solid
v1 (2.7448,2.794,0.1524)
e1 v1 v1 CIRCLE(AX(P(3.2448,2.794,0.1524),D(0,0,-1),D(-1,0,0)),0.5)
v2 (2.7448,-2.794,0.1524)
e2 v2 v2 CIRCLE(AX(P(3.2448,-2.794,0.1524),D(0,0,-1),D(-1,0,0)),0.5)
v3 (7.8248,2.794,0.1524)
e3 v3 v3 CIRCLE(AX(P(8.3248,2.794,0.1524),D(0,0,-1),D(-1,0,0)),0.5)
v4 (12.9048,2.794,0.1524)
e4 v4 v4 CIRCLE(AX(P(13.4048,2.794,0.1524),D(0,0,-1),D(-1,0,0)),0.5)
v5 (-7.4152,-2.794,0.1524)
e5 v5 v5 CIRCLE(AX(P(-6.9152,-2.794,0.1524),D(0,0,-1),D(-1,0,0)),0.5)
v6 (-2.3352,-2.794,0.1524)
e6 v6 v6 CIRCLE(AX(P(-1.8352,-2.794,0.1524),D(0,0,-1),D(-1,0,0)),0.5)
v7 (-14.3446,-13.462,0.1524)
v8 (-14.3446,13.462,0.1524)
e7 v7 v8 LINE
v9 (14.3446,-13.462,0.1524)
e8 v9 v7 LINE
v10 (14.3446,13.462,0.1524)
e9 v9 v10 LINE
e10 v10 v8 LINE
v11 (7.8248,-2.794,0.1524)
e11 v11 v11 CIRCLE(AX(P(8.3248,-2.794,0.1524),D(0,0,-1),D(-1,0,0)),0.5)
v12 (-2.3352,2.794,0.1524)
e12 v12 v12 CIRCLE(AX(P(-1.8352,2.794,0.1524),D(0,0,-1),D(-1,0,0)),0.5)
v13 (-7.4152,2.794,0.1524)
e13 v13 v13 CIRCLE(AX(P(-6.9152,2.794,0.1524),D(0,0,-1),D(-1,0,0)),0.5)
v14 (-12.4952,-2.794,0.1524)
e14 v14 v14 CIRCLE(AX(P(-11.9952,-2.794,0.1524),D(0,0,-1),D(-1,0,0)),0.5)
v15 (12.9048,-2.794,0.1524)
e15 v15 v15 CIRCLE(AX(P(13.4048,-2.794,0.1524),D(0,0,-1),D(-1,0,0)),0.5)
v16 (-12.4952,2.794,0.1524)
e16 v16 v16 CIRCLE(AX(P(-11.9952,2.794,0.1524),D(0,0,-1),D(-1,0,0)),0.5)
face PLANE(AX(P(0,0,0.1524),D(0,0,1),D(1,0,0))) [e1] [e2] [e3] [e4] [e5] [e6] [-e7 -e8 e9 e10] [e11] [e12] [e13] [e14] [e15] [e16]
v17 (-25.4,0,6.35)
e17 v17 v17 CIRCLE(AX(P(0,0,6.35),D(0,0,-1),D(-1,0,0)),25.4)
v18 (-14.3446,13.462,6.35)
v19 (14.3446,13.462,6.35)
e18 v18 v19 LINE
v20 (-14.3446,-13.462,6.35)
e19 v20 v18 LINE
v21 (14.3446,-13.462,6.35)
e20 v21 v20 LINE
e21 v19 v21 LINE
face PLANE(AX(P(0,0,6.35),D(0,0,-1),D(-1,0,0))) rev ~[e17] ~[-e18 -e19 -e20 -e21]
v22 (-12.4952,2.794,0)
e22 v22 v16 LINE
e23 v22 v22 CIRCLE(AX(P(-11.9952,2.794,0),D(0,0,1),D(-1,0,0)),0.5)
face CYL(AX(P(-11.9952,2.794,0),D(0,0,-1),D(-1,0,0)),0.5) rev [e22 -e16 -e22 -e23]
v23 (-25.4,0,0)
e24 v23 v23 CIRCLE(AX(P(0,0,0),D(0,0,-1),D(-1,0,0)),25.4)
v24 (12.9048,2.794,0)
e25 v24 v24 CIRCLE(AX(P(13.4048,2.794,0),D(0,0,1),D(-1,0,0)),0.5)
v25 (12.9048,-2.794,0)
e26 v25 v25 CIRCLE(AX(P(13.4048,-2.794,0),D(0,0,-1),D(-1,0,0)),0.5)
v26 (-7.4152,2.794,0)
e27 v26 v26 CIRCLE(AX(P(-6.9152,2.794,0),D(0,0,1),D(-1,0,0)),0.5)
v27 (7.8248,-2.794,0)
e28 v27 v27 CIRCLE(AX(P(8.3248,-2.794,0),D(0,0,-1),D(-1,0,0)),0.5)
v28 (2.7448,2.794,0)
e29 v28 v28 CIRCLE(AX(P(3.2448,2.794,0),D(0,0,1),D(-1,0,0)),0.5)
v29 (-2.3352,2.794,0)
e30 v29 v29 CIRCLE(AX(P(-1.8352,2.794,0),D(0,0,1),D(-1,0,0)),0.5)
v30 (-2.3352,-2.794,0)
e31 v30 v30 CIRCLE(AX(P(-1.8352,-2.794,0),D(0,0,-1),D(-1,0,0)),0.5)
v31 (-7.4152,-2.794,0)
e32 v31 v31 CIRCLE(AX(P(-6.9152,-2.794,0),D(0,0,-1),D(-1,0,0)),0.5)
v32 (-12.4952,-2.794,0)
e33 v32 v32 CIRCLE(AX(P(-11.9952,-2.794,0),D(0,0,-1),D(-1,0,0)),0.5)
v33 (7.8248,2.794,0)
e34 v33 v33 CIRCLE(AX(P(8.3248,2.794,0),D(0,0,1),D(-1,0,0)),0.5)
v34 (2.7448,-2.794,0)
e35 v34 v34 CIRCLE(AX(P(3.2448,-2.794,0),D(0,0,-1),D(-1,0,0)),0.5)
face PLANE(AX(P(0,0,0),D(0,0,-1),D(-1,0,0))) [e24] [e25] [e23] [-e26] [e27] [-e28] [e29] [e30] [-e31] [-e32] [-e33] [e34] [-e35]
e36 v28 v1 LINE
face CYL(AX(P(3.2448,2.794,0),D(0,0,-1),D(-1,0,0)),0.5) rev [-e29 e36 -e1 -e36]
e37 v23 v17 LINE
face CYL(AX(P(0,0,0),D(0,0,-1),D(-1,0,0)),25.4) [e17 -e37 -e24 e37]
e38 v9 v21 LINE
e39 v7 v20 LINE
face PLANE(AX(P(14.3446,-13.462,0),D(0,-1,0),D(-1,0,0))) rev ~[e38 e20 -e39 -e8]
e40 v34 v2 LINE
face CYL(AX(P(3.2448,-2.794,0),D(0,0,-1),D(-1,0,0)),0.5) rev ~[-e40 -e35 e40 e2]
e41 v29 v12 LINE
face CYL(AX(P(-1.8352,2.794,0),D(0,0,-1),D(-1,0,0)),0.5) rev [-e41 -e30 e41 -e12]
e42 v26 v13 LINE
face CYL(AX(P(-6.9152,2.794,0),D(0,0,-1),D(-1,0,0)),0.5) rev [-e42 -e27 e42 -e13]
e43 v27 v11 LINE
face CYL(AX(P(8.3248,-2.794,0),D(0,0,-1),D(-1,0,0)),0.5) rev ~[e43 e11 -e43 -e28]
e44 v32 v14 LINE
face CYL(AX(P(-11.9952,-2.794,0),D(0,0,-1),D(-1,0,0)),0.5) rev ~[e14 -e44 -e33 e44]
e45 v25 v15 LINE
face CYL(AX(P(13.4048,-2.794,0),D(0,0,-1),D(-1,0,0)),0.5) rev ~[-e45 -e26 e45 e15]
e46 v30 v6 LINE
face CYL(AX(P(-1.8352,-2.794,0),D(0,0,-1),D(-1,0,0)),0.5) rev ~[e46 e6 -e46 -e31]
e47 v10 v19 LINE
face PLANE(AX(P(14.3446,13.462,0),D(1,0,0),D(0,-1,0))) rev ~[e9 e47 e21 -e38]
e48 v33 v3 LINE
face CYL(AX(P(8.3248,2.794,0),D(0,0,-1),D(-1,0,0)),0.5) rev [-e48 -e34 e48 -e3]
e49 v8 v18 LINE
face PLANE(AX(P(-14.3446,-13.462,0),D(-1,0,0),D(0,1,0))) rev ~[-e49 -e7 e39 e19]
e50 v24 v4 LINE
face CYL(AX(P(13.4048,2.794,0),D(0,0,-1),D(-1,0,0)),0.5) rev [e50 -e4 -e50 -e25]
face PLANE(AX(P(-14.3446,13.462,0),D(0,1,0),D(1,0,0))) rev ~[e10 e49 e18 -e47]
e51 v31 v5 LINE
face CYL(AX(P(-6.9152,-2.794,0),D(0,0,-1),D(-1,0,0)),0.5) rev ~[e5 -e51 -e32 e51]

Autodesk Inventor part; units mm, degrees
ref_plane "YZ Plane" through (0, 0, 0) normal (1, 0, 0) x (0, 1, 0)
ref_plane "XZ Plane" through (0, 0, 0) normal (0, 1, 0) x (-1, 0, 0)
ref_plane "XY Plane" through (0, 0, 0) normal (0, 0, 1) x (1, 0, 0)
sketch "Sketch1" plane through (0, 0, 0) normal (0, 0, 1) x (1, 0, 0)
  line L0 (-14.3446, 13.462) -> (14.3446, 13.462)
  line L1 (14.3446, 13.462) -> (14.3446, -13.462)
  line L2 (14.3446, -13.462) -> (-14.3446, -13.462)
  line L3 (-14.3446, -13.462) -> (-14.3446, 13.462)
  line L4 (-14.3446, 13.462) -> (14.3446, -13.462) construction
  line L5 (14.3446, 13.462) -> (-14.3446, -13.462) construction
  point P0 (0, 0)
  dimension "d0" = 28.6893
  dimension "d1" = 26.924
ref_plane "Work Plane1" through (0, 0, 0) normal (0, 0, -1) x (-1, 0, 0)
sketch "Sketch2" plane through (0, 0, 0) normal (0, 0, -1) x (-1, 0, 0)
  circle A0 centre (0, 0) radius 25.4
  dimension "d4" = 50.8
extrude "Extrusion2" add sketch "Sketch2" against normal blind 6.35
extrude "Extrusion3" cut sketch "Sketch1" along normal through all
sketch "Sketch3" plane through (0, 0, 0) normal (0, 0, 1) x (1, 0, 0)
  line L0 (-14.3446, -13.462) -> (14.3446, -13.462) projected
  line L1 (-14.3446, 13.462) -> (-14.3446, -13.462) projected
  line L2 (14.3446, 13.462) -> (-14.3446, 13.462) projected
  line L3 (14.3446, -13.462) -> (14.3446, 13.462) projected
  line L4 (-14.3446, 13.462) -> (-14.3446, -13.462) projected
  line L5 (-14.3446, -13.462) -> (14.3446, -13.462) projected
  line L6 (14.3446, -13.462) -> (14.3446, 13.462) projected
  line L7 (14.3446, 13.462) -> (-14.3446, 13.462) projected
  circle A0 centre (0, 0) radius 25.4 projected
  line L8 (-35.56, 0) -> (35.56, 0) projected
  line L9 (0, -35.56) -> (0, 35.56) projected
  line L10 (14.3446, 13.462) -> (-14.3446, 13.462) projected
  line L11 (-14.3446, -13.462) -> (14.3446, -13.462)
  line L12 (14.3446, -13.462) -> (14.3446, 13.462)
  line L13 (14.3446, 13.462) -> (-14.3446, 13.462)
  line L14 (-14.3446, 13.462) -> (-14.3446, -13.462)
  line L15 (-14.3446, -13.462) -> (14.3446, 13.462) construction
  line L16 (14.3446, -13.462) -> (-14.3446, 13.462) construction
  line L17 (14.3446, 13.462) -> (-14.3446, 13.462) projected
  line L18 (-14.3446, -13.462) -> (14.3447, -13.462)
  line L19 (14.3447, -13.462) -> (14.3446, 13.462)
  line L20 (14.3446, 13.462) -> (-14.3446, 13.462)
  line L21 (-14.3446, 13.462) -> (-14.3446, -13.462)
  line L22 (-14.3446, -13.462) -> (14.3446, 13.462) construction
  line L23 (14.3447, -13.462) -> (-14.3446, 13.462) construction
  line L24 (14.3446, -13.462) -> (14.3446, 13.462) projected
extrude "Extrusion4" add sketch "Sketch3" along normal blind 0.1524 contours L1 L8 L9 L0 | L9 L8 L3 L0 | L1 L2 L9 L8 | L9 L2 L3 L8
pattern_linear "Rectangular Pattern1" [suppressed]
sketch "Sketch4" plane through (0, 0, 0) normal (0, 0, 1) x (1, 0, 0)
  circle A0 centre (0, 0) radius 25.4 projected
  line L0 (-35.56, 0) -> (35.56, 0) projected
  line L1 (0, -35.56) -> (0, 35.56) projected
  line L2 (-14.3446, -13.462) -> (14.3446, -13.462) projected
  line L3 (13.5954, 13.462) -> (13.5954, -13.462) projected
  line L4 (-12.1856, -13.462) -> (13.5954, -13.462)
  line L5 (13.5954, -13.462) -> (13.5954, -0.254)
  line L6 (13.5954, -0.254) -> (-12.1857, -0.254)
  line L7 (-12.1857, -0.254) -> (-12.1856, -13.462)
  line L8 (13.2144, 13.462) -> (13.5954, 13.462)
  line L9 (10.6744, 13.462) -> (11.0554, 13.462)
  line L10 (8.1344, 13.462) -> (8.5154, 13.462)
  line L11 (5.5944, 13.462) -> (5.9754, 13.462)
  line L12 (3.0544, 13.462) -> (3.4354, 13.462)
  line L13 (0.5144, 13.462) -> (0.8954, 13.462)
  line L14 (-2.0256, 13.462) -> (-1.6446, 13.462)
  line L15 (-4.5656, 13.462) -> (-4.1846, 13.462)
  line L16 (-7.1056, 13.462) -> (-6.7246, 13.462)
  line L17 (-9.6456, 13.462) -> (-9.2646, 13.462)
  line L18 (-12.1856, 13.462) -> (-11.8046, 13.462)
  line L19 (-12.1856, 13.462) -> (-11.8046, 13.462)
  line L20 (-12.1856, 13.462) -> (13.5954, 13.462)
  line L21 (13.5954, 13.462) -> (13.5954, 0.254)
  line L22 (13.5954, 0.254) -> (-12.1857, 0.254)
  line L23 (-12.1857, 0.254) -> (-12.1856, 13.462)
  point P0 (-11.8046, -13.462)
  dimension "d15" = 0.254
extrude "Extrusion5" [suppressed]
sketch "Sketch5" plane through (0, 0, 0) normal (0, 0, -1) x (-1, 0, 0)
  circle A0 centre (0, 0) radius 25.4 projected
  line L0 (35.56, 0) -> (-35.56, 0) projected
  line L1 (0, -35.56) -> (0, 35.56) projected
  circle A1 centre (11.9952, -2.794) radius 0.5
  point P0 (11.9952, -0.254)
  dimension "d18" = 1
extrude "Extrusion6" cut sketch "Sketch5" against normal through all contours A1
pattern_linear "Rectangular Pattern2" count 6 spacing 5.08 along (1, 0, 0) of "Extrusion6"
mirror "Mirror1" about plane through (0, 0, 0) normal (0, 1, 0) of "Extrusion6", "Rectangular Pattern2"
sketch "Sketch6" plane through (0, 0, 0) normal (0, 0, -1) x (-1, 0, 0)
  point P0 (0, 0)
equation "\"BendRadius\" = Thickness"
equation "\"BendReliefWidth\" = Thickness"
equation "\"BendReliefDepth\" = 0.5 * Thickness"
equation "\"CornerReliefSize\" = 4 * Thickness"
equation "\"MinimumRemnant\" = 2 * Thickness"
equation "\"TransitionRadius\" = BendRadius"
equation "\"JacobiRadiusSize\" = BendRadius"
equation "\"GapSize\" = Thickness"
equation "\"Thickness\" = 3.048"
properties part number "_3DPrint"
